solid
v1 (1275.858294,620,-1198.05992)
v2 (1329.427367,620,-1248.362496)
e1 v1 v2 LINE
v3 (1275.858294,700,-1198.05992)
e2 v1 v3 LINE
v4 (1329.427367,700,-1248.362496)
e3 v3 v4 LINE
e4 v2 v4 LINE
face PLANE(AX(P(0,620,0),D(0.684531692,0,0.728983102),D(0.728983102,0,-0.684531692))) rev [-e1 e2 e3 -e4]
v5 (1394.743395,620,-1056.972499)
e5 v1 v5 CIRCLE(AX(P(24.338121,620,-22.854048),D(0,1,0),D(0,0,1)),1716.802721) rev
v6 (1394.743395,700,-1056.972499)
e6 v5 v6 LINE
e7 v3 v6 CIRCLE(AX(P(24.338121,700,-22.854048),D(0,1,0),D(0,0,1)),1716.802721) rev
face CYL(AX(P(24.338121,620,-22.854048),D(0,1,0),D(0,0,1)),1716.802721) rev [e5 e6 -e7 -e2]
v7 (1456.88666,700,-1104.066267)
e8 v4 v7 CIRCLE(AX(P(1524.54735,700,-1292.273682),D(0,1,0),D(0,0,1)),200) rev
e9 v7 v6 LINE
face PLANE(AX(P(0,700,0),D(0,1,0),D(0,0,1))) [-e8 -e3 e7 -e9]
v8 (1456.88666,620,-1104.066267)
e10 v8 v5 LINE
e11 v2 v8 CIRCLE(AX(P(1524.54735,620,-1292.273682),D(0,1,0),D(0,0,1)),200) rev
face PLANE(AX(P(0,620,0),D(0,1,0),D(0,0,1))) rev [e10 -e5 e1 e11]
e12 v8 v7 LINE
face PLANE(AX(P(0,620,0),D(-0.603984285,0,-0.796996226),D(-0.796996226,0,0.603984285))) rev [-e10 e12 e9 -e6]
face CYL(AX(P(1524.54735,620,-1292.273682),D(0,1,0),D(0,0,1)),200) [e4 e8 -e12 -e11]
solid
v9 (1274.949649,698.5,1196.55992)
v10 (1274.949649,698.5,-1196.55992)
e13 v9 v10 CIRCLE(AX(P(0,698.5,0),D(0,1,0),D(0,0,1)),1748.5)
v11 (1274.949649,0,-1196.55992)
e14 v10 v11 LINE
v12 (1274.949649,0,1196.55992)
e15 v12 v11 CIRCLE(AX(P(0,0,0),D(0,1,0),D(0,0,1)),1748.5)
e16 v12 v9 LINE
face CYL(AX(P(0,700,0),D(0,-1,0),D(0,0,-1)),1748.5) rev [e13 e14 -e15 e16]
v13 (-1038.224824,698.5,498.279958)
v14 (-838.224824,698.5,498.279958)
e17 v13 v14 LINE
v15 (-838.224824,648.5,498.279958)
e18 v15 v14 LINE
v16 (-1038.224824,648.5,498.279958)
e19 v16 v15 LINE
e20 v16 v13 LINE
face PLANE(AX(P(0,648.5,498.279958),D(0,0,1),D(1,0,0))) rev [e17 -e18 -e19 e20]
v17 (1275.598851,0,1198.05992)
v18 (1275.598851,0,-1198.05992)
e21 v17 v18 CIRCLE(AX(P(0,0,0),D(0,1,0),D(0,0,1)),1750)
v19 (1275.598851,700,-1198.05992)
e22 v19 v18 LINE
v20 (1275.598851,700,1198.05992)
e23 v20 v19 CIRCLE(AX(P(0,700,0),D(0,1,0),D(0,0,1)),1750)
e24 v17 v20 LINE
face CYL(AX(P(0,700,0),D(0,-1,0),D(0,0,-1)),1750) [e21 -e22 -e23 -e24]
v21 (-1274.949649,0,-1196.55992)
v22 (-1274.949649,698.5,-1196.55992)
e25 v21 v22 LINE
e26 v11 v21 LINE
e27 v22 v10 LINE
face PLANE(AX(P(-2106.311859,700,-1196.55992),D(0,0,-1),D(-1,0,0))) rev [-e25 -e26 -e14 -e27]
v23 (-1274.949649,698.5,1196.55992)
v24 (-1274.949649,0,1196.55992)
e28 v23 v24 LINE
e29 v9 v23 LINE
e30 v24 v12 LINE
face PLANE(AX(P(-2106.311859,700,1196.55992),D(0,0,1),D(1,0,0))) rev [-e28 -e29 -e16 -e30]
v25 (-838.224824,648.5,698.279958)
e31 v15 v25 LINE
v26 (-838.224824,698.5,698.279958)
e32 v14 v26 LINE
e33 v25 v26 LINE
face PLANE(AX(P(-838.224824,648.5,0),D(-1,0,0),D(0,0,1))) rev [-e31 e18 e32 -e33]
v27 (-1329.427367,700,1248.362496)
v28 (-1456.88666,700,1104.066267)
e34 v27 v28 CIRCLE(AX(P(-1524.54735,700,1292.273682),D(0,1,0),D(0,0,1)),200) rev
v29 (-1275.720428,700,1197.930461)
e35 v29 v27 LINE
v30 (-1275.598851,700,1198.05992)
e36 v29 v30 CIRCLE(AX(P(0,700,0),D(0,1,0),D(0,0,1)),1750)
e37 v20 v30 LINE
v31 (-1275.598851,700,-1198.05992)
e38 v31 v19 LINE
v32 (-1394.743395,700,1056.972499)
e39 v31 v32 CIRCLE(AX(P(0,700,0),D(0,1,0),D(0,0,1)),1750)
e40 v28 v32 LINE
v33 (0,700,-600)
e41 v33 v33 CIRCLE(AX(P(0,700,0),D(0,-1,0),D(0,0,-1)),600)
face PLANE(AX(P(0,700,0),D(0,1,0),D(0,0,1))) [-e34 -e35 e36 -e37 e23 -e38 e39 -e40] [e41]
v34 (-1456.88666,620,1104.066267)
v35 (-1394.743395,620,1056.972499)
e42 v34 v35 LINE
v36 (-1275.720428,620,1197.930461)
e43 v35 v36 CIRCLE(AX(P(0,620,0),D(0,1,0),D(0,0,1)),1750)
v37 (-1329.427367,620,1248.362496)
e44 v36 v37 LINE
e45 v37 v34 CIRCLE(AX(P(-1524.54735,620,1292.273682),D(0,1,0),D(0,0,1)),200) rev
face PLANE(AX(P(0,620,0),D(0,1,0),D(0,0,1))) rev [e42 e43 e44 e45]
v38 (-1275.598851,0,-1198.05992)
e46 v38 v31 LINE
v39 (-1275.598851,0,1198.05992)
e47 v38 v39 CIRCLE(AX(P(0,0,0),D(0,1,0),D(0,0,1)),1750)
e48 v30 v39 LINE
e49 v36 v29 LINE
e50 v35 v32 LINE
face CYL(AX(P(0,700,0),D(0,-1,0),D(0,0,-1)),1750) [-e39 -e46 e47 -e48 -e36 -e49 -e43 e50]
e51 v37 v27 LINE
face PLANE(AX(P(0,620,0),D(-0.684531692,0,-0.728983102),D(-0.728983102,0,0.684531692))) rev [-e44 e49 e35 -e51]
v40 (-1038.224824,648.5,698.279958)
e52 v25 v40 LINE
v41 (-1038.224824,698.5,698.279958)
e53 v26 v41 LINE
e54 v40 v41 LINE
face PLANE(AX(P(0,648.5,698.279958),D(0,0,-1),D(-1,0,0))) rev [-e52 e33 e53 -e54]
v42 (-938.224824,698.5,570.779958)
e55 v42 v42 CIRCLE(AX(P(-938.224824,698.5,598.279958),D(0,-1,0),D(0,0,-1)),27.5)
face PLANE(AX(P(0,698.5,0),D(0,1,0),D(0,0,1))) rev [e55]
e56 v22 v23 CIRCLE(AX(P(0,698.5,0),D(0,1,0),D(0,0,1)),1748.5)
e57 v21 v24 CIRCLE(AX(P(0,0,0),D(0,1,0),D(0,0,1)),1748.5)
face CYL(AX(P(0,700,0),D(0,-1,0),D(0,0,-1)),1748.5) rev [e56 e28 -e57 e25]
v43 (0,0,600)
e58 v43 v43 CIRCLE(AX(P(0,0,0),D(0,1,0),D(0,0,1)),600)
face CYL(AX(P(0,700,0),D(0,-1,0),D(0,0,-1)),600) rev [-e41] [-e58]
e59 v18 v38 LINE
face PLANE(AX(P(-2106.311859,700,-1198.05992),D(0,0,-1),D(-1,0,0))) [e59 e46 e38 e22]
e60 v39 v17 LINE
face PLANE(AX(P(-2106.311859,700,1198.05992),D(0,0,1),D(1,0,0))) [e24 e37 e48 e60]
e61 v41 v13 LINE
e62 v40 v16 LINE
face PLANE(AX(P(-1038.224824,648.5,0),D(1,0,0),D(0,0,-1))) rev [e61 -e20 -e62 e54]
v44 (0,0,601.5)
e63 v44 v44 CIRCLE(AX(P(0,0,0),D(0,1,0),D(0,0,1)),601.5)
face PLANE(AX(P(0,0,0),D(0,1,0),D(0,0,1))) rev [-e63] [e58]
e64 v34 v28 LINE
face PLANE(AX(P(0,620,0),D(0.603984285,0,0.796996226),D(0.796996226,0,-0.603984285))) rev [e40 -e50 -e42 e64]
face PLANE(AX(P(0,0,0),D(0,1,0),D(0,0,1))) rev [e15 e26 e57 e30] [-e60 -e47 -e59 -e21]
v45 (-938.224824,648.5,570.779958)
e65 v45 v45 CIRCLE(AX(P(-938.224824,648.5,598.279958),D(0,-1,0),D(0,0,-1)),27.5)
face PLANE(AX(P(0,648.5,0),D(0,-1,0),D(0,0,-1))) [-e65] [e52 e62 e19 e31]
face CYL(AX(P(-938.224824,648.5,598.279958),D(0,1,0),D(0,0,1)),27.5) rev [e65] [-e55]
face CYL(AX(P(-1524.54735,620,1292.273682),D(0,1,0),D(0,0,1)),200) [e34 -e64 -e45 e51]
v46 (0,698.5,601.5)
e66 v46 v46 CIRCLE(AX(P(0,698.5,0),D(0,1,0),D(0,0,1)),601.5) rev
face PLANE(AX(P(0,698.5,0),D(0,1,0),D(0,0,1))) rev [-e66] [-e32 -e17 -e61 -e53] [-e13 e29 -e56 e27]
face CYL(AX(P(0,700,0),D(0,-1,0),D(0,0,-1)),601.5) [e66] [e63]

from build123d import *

# Parameters (mm, degrees)
SKETCH1_R                = 1750
BOSS_EXTRUDE1_DEPTH      = 700
CUT_EXTRUDE10_DEPTH      = 2572.964229922
CUT_EXTRUDE10_DEPTH_BACK = 2572.964229922
SKETCH9_W                = 5273.235769222
SKETCH9_H                = 4165.824449254
SKETCH9_W_2              = 4212.623718326
SKETCH9_H_2              = 2396.11984
CUT_EXTRUDE3_DEPTH       = 2234.348958831
CUT_EXTRUDE3_DEPTH_BACK  = 2234.348958831
SKETCH3_R                = 600
SHELL1_T                 = -1.5
BOSS_EXTRUDE2_START      = -80
BOSS_EXTRUDE2_DEPTH      = 80
BOSS_EXTRUDE3_DEPTH      = 80
BOSS_EXTRUDE4_DEPTH      = 50


with BuildPart() as part:
    # Sketch1 → Boss-Extrude1 (new body)
    with BuildSketch(Plane(origin=(0, 0, 0), x_dir=(1, 0, 0), z_dir=(0, 1, 0))):
        Circle(SKETCH1_R)
    extrude(amount=BOSS_EXTRUDE1_DEPTH)

    # Sketch9 → Cut-Extrude10 (cut, two sides: drawn at the far end of the back side and taken through both)
    with BuildSketch(Plane.XZ.offset(-CUT_EXTRUDE10_DEPTH_BACK)):
        Rectangle(SKETCH9_W, SKETCH9_H)
        Rectangle(SKETCH9_W_2, SKETCH9_H_2, mode=Mode.SUBTRACT)
    extrude(amount=CUT_EXTRUDE10_DEPTH + CUT_EXTRUDE10_DEPTH_BACK, mode=Mode.SUBTRACT)

    # Sketch3 → Cut-Extrude3 (cut, two sides: drawn at the far end of the back side and taken through both)
    with BuildSketch(Plane.XZ.offset(-CUT_EXTRUDE3_DEPTH_BACK)):
        Circle(SKETCH3_R)
    extrude(amount=CUT_EXTRUDE3_DEPTH + CUT_EXTRUDE3_DEPTH_BACK, mode=Mode.SUBTRACT)

    # Shell1
    shell1_openings = [part.faces().sort_by_distance(p)[0] for p in [
        (1707.583740986, 0, 0),
    ]]
    offset(amount=SHELL1_T, openings=shell1_openings, kind=Kind.INTERSECTION)

    # Sketch12 → Boss-Extrude2 (add)
    with BuildSketch(Plane(origin=(0, 700, 0), x_dir=(1, 0, 0), z_dir=(0, 1, 0)).offset(BOSS_EXTRUDE2_START)):
        with BuildLine():
            Line((-1329.427366657, -1248.362496346), (-1275.720428066, -1197.93046101))
            ThreePointArc((-1275.720428066, -1197.93046101), (-1337.090701529, -1129.021016582), (-1394.743394808, -1056.972498526))
            Line((-1394.743394808, -1056.972498526), (-1456.886660309, -1104.066267063))
            ThreePointArc((-1456.886660309, -1104.066267063), (-1674.443216413, -1424.679230146), (-1329.427366657, -1248.362496346))
        make_face()
    extrude(amount=BOSS_EXTRUDE2_DEPTH)

    # Sketch13 → Boss-Extrude4 (add)
    with BuildSketch(Plane(origin=(0, 698.5, 0), x_dir=(-1, 0, 0), z_dir=(0, -1, 0))):
        Polygon((838.224823525, -698.27995814), (994.506973536, -698.27995814), (1038.224823525, -698.27995814), (1038.224823525, -498.27995814), (838.224823525, -498.27995814), align=None)
        with BuildLine():
            ThreePointArc((965.724823525, -598.27995814), (961.964779353, -612.16032187), (951.712860088, -622.244992455))
            ThreePointArc((951.712860088, -622.244992455), (914.484867696, -584.399594411), (965.724823525, -598.27995814))
        make_face(mode=Mode.SUBTRACT)
    extrude(amount=BOSS_EXTRUDE4_DEPTH)


with BuildPart() as body_2:
    # Sketch12<6> → Boss-Extrude3 (new body)
    with BuildSketch(Plane(origin=(0, 700, 0), x_dir=(1, 0, 0), z_dir=(0, 1, 0))):
        with BuildLine():
            Line((1329.427366657, 1248.362496346), (1275.858293729, 1198.05992))
            ThreePointArc((1275.858293729, 1198.05992), (1337.197472539, 1129.114373304), (1394.743394808, 1056.972498526))
            Line((1394.743394808, 1056.972498526), (1456.886660309, 1104.066267063))
            ThreePointArc((1456.886660309, 1104.066267063), (1674.443216413, 1424.679230146), (1329.427366657, 1248.362496346))
        make_face()
    extrude(amount=-BOSS_EXTRUDE3_DEPTH)


solid = Compound([part.part, body_2.part])
